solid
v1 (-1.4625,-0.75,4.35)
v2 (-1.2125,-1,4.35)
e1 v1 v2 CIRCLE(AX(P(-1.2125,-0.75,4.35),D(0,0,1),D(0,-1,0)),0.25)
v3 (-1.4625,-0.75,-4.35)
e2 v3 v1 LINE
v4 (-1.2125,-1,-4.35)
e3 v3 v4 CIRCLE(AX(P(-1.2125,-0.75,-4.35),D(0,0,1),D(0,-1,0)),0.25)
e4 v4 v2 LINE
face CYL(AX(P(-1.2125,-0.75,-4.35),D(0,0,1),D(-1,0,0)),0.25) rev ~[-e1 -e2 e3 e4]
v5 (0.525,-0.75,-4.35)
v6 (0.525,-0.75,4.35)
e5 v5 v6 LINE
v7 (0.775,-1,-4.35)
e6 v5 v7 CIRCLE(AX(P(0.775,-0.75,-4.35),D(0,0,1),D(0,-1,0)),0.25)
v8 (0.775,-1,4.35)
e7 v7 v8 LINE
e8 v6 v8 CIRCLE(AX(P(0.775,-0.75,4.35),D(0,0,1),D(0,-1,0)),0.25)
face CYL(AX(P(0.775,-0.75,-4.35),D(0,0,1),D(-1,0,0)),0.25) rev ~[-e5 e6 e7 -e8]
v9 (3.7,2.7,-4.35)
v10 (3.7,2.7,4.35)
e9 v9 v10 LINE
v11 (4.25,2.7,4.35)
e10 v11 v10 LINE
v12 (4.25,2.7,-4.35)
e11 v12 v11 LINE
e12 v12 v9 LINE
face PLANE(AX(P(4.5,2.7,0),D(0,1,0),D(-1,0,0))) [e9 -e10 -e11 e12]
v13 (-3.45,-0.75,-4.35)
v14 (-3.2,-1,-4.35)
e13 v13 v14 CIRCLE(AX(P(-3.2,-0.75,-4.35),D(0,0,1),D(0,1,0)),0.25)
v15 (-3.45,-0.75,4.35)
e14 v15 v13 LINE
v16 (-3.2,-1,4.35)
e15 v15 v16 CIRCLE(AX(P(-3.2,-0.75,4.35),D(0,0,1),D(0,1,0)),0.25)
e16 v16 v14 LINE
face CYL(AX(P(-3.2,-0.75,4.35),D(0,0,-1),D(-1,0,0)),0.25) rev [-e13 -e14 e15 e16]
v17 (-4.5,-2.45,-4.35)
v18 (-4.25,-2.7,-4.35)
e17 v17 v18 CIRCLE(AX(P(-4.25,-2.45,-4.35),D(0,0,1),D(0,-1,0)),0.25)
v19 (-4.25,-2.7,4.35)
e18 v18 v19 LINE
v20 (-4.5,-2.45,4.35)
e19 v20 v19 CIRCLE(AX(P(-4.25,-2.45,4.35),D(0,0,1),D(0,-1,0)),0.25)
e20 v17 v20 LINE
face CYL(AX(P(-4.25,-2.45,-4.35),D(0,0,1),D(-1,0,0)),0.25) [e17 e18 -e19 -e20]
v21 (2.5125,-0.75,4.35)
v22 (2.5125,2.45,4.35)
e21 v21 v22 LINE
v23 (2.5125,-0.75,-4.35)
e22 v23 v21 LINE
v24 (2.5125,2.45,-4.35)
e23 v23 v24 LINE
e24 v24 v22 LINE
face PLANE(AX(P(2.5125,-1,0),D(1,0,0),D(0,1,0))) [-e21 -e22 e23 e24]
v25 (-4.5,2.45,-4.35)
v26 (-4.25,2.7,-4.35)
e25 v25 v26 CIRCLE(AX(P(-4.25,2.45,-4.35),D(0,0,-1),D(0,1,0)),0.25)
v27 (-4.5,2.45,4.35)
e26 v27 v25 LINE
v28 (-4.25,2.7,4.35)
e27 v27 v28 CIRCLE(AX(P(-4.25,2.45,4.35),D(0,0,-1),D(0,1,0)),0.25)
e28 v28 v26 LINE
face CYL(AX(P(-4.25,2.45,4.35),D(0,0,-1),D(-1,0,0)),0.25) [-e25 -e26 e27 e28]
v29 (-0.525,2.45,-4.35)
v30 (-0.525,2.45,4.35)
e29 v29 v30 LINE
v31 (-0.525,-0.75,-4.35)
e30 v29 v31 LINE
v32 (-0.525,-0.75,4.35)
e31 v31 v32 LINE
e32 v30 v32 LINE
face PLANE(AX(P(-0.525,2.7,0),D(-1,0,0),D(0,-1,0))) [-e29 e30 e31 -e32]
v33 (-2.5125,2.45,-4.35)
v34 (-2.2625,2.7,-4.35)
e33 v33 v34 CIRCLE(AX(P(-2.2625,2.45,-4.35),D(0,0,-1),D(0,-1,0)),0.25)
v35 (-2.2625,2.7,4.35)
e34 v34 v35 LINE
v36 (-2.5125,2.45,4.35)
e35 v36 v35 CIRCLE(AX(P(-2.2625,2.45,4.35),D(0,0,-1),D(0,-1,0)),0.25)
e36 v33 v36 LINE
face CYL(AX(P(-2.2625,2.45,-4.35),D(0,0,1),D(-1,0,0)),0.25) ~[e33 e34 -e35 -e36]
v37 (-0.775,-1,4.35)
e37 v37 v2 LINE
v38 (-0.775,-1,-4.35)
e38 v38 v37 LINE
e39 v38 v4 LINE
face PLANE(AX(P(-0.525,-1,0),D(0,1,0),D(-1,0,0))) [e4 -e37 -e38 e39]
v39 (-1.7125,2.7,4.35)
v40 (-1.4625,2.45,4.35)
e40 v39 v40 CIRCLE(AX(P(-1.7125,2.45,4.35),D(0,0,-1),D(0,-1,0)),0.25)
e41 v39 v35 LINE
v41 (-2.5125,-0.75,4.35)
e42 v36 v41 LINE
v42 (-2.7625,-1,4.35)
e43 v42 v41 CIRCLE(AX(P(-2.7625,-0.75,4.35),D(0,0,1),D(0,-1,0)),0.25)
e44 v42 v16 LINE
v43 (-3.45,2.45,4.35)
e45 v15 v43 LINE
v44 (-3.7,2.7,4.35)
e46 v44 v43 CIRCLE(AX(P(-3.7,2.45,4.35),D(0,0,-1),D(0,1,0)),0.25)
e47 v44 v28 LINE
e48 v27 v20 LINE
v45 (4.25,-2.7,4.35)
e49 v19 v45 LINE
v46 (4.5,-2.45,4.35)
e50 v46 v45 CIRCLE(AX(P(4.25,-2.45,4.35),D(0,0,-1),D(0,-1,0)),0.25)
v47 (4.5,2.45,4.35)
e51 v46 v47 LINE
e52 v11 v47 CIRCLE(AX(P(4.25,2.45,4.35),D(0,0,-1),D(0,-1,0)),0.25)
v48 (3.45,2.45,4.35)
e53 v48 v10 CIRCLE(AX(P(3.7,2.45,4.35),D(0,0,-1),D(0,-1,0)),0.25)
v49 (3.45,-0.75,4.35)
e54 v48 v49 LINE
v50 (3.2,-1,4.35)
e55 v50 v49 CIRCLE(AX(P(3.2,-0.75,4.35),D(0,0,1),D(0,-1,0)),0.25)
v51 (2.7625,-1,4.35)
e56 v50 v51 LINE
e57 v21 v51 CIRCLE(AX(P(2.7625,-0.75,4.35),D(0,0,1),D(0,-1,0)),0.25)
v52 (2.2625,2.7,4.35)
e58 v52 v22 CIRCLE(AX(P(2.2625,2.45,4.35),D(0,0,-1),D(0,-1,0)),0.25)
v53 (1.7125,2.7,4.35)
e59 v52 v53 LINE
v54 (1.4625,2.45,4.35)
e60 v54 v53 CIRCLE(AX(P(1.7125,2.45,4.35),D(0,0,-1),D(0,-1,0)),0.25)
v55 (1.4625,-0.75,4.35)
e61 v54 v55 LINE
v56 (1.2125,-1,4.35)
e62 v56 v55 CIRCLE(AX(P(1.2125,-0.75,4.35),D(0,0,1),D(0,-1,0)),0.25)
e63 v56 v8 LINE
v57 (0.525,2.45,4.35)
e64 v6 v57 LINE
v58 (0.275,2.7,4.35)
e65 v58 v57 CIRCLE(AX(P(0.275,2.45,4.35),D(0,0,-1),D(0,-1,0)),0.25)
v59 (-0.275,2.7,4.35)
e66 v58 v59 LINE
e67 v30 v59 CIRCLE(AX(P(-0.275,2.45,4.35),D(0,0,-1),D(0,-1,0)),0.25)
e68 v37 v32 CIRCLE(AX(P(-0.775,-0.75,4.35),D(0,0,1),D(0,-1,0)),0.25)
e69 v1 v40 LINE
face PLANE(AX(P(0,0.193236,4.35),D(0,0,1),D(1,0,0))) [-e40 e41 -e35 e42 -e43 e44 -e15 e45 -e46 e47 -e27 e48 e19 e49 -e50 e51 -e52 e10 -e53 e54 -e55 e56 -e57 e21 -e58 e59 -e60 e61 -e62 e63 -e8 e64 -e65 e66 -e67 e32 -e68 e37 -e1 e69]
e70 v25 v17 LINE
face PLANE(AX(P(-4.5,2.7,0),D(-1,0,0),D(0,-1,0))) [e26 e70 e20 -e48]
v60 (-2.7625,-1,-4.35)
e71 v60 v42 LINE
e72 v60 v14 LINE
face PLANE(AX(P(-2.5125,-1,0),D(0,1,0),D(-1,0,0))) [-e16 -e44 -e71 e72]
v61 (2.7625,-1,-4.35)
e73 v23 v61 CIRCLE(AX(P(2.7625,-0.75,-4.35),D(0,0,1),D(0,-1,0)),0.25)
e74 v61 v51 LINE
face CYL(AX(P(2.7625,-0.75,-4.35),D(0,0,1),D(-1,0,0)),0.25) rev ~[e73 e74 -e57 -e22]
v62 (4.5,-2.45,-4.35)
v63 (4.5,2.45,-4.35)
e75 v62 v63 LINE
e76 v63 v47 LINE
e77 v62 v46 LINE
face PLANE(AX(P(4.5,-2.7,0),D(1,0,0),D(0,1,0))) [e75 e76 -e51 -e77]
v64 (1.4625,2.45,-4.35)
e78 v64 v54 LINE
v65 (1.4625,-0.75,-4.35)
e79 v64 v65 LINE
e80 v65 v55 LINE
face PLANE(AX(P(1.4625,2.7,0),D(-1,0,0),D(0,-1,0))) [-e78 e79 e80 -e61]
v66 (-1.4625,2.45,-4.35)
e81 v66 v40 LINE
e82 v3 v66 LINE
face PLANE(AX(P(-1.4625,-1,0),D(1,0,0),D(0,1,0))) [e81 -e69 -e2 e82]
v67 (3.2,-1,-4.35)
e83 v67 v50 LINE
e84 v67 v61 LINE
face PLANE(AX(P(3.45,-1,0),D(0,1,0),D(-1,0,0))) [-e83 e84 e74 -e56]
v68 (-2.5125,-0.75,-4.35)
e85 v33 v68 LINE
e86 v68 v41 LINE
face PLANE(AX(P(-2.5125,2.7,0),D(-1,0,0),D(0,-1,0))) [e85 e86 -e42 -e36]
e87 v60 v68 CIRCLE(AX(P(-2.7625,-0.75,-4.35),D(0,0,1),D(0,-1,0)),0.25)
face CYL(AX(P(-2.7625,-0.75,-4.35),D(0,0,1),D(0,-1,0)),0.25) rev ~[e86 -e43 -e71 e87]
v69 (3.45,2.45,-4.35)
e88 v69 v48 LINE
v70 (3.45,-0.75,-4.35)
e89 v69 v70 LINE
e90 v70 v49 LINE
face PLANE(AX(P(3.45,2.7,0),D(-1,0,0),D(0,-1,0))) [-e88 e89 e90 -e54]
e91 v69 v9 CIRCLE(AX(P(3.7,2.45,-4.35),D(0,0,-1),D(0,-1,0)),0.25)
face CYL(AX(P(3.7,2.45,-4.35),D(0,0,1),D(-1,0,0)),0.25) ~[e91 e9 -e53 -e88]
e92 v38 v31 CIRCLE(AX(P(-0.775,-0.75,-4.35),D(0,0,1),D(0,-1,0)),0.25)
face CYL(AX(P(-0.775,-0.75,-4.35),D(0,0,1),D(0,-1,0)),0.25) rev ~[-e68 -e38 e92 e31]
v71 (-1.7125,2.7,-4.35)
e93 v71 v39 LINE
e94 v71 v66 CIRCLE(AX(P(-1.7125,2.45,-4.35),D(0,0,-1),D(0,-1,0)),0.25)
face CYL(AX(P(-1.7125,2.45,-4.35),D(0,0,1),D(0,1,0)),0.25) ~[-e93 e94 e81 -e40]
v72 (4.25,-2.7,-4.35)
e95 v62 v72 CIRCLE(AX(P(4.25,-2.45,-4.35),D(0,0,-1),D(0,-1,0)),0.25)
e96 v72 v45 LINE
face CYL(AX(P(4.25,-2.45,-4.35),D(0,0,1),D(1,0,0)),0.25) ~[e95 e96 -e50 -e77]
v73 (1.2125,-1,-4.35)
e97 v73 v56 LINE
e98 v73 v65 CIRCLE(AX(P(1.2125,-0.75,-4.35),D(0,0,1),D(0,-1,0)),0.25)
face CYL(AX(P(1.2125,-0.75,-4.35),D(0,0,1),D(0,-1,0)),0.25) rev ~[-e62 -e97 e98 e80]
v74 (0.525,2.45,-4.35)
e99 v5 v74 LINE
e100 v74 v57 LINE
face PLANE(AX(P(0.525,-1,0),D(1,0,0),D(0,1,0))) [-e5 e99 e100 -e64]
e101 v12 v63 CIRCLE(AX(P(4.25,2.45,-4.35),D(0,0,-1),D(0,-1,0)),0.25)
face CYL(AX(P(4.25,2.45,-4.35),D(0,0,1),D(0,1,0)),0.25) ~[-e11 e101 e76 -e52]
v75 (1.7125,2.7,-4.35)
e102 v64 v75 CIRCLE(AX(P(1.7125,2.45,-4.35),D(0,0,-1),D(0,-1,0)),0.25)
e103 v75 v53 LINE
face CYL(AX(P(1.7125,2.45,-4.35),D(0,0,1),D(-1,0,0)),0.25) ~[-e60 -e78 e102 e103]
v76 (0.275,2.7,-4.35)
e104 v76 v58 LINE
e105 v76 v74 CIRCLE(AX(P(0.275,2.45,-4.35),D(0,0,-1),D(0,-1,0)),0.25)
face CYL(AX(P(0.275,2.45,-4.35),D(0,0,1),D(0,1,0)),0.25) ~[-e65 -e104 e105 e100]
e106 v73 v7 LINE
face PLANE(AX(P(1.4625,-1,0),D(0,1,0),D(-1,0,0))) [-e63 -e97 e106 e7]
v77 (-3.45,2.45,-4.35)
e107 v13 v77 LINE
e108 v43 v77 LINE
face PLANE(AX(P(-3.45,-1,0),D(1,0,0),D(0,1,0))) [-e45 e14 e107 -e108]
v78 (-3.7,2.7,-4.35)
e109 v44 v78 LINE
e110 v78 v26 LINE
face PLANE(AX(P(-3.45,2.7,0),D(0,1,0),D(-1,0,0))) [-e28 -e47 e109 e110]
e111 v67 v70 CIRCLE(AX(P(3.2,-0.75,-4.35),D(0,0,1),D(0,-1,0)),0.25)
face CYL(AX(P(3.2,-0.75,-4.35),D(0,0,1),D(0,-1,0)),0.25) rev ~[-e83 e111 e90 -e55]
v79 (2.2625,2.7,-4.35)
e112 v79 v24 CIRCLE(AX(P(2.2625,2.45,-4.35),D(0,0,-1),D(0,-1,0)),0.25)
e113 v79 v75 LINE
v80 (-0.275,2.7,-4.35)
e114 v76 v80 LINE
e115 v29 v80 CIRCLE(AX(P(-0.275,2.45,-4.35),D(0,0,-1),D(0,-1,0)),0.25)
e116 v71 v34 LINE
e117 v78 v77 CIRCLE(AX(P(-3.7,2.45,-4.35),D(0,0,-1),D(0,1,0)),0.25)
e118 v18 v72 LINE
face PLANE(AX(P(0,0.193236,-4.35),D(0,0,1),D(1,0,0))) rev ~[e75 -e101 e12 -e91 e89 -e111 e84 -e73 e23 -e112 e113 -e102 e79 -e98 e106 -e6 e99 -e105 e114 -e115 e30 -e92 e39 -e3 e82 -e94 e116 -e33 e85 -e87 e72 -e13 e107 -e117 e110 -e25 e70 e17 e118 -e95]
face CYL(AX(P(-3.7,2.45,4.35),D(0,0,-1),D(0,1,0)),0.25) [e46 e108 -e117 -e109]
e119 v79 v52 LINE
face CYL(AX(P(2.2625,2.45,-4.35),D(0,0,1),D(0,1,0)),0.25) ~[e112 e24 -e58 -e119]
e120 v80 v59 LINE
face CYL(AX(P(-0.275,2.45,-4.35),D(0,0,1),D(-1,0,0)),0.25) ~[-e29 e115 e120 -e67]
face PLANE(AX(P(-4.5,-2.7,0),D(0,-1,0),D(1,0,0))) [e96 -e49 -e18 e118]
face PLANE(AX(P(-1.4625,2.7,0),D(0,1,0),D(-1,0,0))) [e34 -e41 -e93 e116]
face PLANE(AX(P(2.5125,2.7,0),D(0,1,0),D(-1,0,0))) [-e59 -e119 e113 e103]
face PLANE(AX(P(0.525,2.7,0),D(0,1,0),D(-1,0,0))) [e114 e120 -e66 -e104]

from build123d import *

# Parameters (mm, degrees)
BOSS_EXTRUDE1_DEPTH = 4.35
FILLET1_R           = 0.25


with BuildPart() as part:
    # Sketch1 → Boss-Extrude1 (new body, symmetric)
    with BuildSketch(Plane.XY):
        Polygon((-4.5, 2.7), (-4.5, -2.7), (4.5, -2.7), (4.5, 2.7), (3.45, 2.7), (3.45, -1), (2.5125, -1), (2.5125, 2.7), (1.4625, 2.7), (1.4625, -1), (0.525, -1), (0.525, 2.7), (-0.525, 2.7), (-0.525, -1), (-1.4625, -1), (-1.4625, 2.7), (-2.5125, 2.7), (-2.5125, -1), (-3.45, -1), (-3.45, 2.7), align=None)
    extrude(amount=BOSS_EXTRUDE1_DEPTH, both=True)

    # Fillet1
    fillet1_edges = [part.edges().sort_by_distance(p)[0] for p in [
        (-3.45, 2.7, 0),
        (-3.45, -1, 0),
        (-2.5125, -1, 0),
        (-2.5125, 2.7, 0),
        (-1.4625, 2.7, 0),
        (-1.4625, -1, 0),
        (-0.525, -1, 0),
        (-0.525, 2.7, 0),
        (0.525, 2.7, 0),
        (0.525, -1, 0),
        (1.4625, -1, 0),
        (1.4625, 2.7, 0),
        (2.5125, 2.7, 0),
        (2.5125, -1, 0),
        (3.45, -1, 0),
        (3.45, 2.7, 0),
        (4.5, 2.7, 0),
        (4.5, -2.7, 0),
        (-4.5, -2.7, 0),
        (-4.5, 2.7, 0),
    ]]
    fillet(fillet1_edges, radius=FILLET1_R)


solid = part.part
